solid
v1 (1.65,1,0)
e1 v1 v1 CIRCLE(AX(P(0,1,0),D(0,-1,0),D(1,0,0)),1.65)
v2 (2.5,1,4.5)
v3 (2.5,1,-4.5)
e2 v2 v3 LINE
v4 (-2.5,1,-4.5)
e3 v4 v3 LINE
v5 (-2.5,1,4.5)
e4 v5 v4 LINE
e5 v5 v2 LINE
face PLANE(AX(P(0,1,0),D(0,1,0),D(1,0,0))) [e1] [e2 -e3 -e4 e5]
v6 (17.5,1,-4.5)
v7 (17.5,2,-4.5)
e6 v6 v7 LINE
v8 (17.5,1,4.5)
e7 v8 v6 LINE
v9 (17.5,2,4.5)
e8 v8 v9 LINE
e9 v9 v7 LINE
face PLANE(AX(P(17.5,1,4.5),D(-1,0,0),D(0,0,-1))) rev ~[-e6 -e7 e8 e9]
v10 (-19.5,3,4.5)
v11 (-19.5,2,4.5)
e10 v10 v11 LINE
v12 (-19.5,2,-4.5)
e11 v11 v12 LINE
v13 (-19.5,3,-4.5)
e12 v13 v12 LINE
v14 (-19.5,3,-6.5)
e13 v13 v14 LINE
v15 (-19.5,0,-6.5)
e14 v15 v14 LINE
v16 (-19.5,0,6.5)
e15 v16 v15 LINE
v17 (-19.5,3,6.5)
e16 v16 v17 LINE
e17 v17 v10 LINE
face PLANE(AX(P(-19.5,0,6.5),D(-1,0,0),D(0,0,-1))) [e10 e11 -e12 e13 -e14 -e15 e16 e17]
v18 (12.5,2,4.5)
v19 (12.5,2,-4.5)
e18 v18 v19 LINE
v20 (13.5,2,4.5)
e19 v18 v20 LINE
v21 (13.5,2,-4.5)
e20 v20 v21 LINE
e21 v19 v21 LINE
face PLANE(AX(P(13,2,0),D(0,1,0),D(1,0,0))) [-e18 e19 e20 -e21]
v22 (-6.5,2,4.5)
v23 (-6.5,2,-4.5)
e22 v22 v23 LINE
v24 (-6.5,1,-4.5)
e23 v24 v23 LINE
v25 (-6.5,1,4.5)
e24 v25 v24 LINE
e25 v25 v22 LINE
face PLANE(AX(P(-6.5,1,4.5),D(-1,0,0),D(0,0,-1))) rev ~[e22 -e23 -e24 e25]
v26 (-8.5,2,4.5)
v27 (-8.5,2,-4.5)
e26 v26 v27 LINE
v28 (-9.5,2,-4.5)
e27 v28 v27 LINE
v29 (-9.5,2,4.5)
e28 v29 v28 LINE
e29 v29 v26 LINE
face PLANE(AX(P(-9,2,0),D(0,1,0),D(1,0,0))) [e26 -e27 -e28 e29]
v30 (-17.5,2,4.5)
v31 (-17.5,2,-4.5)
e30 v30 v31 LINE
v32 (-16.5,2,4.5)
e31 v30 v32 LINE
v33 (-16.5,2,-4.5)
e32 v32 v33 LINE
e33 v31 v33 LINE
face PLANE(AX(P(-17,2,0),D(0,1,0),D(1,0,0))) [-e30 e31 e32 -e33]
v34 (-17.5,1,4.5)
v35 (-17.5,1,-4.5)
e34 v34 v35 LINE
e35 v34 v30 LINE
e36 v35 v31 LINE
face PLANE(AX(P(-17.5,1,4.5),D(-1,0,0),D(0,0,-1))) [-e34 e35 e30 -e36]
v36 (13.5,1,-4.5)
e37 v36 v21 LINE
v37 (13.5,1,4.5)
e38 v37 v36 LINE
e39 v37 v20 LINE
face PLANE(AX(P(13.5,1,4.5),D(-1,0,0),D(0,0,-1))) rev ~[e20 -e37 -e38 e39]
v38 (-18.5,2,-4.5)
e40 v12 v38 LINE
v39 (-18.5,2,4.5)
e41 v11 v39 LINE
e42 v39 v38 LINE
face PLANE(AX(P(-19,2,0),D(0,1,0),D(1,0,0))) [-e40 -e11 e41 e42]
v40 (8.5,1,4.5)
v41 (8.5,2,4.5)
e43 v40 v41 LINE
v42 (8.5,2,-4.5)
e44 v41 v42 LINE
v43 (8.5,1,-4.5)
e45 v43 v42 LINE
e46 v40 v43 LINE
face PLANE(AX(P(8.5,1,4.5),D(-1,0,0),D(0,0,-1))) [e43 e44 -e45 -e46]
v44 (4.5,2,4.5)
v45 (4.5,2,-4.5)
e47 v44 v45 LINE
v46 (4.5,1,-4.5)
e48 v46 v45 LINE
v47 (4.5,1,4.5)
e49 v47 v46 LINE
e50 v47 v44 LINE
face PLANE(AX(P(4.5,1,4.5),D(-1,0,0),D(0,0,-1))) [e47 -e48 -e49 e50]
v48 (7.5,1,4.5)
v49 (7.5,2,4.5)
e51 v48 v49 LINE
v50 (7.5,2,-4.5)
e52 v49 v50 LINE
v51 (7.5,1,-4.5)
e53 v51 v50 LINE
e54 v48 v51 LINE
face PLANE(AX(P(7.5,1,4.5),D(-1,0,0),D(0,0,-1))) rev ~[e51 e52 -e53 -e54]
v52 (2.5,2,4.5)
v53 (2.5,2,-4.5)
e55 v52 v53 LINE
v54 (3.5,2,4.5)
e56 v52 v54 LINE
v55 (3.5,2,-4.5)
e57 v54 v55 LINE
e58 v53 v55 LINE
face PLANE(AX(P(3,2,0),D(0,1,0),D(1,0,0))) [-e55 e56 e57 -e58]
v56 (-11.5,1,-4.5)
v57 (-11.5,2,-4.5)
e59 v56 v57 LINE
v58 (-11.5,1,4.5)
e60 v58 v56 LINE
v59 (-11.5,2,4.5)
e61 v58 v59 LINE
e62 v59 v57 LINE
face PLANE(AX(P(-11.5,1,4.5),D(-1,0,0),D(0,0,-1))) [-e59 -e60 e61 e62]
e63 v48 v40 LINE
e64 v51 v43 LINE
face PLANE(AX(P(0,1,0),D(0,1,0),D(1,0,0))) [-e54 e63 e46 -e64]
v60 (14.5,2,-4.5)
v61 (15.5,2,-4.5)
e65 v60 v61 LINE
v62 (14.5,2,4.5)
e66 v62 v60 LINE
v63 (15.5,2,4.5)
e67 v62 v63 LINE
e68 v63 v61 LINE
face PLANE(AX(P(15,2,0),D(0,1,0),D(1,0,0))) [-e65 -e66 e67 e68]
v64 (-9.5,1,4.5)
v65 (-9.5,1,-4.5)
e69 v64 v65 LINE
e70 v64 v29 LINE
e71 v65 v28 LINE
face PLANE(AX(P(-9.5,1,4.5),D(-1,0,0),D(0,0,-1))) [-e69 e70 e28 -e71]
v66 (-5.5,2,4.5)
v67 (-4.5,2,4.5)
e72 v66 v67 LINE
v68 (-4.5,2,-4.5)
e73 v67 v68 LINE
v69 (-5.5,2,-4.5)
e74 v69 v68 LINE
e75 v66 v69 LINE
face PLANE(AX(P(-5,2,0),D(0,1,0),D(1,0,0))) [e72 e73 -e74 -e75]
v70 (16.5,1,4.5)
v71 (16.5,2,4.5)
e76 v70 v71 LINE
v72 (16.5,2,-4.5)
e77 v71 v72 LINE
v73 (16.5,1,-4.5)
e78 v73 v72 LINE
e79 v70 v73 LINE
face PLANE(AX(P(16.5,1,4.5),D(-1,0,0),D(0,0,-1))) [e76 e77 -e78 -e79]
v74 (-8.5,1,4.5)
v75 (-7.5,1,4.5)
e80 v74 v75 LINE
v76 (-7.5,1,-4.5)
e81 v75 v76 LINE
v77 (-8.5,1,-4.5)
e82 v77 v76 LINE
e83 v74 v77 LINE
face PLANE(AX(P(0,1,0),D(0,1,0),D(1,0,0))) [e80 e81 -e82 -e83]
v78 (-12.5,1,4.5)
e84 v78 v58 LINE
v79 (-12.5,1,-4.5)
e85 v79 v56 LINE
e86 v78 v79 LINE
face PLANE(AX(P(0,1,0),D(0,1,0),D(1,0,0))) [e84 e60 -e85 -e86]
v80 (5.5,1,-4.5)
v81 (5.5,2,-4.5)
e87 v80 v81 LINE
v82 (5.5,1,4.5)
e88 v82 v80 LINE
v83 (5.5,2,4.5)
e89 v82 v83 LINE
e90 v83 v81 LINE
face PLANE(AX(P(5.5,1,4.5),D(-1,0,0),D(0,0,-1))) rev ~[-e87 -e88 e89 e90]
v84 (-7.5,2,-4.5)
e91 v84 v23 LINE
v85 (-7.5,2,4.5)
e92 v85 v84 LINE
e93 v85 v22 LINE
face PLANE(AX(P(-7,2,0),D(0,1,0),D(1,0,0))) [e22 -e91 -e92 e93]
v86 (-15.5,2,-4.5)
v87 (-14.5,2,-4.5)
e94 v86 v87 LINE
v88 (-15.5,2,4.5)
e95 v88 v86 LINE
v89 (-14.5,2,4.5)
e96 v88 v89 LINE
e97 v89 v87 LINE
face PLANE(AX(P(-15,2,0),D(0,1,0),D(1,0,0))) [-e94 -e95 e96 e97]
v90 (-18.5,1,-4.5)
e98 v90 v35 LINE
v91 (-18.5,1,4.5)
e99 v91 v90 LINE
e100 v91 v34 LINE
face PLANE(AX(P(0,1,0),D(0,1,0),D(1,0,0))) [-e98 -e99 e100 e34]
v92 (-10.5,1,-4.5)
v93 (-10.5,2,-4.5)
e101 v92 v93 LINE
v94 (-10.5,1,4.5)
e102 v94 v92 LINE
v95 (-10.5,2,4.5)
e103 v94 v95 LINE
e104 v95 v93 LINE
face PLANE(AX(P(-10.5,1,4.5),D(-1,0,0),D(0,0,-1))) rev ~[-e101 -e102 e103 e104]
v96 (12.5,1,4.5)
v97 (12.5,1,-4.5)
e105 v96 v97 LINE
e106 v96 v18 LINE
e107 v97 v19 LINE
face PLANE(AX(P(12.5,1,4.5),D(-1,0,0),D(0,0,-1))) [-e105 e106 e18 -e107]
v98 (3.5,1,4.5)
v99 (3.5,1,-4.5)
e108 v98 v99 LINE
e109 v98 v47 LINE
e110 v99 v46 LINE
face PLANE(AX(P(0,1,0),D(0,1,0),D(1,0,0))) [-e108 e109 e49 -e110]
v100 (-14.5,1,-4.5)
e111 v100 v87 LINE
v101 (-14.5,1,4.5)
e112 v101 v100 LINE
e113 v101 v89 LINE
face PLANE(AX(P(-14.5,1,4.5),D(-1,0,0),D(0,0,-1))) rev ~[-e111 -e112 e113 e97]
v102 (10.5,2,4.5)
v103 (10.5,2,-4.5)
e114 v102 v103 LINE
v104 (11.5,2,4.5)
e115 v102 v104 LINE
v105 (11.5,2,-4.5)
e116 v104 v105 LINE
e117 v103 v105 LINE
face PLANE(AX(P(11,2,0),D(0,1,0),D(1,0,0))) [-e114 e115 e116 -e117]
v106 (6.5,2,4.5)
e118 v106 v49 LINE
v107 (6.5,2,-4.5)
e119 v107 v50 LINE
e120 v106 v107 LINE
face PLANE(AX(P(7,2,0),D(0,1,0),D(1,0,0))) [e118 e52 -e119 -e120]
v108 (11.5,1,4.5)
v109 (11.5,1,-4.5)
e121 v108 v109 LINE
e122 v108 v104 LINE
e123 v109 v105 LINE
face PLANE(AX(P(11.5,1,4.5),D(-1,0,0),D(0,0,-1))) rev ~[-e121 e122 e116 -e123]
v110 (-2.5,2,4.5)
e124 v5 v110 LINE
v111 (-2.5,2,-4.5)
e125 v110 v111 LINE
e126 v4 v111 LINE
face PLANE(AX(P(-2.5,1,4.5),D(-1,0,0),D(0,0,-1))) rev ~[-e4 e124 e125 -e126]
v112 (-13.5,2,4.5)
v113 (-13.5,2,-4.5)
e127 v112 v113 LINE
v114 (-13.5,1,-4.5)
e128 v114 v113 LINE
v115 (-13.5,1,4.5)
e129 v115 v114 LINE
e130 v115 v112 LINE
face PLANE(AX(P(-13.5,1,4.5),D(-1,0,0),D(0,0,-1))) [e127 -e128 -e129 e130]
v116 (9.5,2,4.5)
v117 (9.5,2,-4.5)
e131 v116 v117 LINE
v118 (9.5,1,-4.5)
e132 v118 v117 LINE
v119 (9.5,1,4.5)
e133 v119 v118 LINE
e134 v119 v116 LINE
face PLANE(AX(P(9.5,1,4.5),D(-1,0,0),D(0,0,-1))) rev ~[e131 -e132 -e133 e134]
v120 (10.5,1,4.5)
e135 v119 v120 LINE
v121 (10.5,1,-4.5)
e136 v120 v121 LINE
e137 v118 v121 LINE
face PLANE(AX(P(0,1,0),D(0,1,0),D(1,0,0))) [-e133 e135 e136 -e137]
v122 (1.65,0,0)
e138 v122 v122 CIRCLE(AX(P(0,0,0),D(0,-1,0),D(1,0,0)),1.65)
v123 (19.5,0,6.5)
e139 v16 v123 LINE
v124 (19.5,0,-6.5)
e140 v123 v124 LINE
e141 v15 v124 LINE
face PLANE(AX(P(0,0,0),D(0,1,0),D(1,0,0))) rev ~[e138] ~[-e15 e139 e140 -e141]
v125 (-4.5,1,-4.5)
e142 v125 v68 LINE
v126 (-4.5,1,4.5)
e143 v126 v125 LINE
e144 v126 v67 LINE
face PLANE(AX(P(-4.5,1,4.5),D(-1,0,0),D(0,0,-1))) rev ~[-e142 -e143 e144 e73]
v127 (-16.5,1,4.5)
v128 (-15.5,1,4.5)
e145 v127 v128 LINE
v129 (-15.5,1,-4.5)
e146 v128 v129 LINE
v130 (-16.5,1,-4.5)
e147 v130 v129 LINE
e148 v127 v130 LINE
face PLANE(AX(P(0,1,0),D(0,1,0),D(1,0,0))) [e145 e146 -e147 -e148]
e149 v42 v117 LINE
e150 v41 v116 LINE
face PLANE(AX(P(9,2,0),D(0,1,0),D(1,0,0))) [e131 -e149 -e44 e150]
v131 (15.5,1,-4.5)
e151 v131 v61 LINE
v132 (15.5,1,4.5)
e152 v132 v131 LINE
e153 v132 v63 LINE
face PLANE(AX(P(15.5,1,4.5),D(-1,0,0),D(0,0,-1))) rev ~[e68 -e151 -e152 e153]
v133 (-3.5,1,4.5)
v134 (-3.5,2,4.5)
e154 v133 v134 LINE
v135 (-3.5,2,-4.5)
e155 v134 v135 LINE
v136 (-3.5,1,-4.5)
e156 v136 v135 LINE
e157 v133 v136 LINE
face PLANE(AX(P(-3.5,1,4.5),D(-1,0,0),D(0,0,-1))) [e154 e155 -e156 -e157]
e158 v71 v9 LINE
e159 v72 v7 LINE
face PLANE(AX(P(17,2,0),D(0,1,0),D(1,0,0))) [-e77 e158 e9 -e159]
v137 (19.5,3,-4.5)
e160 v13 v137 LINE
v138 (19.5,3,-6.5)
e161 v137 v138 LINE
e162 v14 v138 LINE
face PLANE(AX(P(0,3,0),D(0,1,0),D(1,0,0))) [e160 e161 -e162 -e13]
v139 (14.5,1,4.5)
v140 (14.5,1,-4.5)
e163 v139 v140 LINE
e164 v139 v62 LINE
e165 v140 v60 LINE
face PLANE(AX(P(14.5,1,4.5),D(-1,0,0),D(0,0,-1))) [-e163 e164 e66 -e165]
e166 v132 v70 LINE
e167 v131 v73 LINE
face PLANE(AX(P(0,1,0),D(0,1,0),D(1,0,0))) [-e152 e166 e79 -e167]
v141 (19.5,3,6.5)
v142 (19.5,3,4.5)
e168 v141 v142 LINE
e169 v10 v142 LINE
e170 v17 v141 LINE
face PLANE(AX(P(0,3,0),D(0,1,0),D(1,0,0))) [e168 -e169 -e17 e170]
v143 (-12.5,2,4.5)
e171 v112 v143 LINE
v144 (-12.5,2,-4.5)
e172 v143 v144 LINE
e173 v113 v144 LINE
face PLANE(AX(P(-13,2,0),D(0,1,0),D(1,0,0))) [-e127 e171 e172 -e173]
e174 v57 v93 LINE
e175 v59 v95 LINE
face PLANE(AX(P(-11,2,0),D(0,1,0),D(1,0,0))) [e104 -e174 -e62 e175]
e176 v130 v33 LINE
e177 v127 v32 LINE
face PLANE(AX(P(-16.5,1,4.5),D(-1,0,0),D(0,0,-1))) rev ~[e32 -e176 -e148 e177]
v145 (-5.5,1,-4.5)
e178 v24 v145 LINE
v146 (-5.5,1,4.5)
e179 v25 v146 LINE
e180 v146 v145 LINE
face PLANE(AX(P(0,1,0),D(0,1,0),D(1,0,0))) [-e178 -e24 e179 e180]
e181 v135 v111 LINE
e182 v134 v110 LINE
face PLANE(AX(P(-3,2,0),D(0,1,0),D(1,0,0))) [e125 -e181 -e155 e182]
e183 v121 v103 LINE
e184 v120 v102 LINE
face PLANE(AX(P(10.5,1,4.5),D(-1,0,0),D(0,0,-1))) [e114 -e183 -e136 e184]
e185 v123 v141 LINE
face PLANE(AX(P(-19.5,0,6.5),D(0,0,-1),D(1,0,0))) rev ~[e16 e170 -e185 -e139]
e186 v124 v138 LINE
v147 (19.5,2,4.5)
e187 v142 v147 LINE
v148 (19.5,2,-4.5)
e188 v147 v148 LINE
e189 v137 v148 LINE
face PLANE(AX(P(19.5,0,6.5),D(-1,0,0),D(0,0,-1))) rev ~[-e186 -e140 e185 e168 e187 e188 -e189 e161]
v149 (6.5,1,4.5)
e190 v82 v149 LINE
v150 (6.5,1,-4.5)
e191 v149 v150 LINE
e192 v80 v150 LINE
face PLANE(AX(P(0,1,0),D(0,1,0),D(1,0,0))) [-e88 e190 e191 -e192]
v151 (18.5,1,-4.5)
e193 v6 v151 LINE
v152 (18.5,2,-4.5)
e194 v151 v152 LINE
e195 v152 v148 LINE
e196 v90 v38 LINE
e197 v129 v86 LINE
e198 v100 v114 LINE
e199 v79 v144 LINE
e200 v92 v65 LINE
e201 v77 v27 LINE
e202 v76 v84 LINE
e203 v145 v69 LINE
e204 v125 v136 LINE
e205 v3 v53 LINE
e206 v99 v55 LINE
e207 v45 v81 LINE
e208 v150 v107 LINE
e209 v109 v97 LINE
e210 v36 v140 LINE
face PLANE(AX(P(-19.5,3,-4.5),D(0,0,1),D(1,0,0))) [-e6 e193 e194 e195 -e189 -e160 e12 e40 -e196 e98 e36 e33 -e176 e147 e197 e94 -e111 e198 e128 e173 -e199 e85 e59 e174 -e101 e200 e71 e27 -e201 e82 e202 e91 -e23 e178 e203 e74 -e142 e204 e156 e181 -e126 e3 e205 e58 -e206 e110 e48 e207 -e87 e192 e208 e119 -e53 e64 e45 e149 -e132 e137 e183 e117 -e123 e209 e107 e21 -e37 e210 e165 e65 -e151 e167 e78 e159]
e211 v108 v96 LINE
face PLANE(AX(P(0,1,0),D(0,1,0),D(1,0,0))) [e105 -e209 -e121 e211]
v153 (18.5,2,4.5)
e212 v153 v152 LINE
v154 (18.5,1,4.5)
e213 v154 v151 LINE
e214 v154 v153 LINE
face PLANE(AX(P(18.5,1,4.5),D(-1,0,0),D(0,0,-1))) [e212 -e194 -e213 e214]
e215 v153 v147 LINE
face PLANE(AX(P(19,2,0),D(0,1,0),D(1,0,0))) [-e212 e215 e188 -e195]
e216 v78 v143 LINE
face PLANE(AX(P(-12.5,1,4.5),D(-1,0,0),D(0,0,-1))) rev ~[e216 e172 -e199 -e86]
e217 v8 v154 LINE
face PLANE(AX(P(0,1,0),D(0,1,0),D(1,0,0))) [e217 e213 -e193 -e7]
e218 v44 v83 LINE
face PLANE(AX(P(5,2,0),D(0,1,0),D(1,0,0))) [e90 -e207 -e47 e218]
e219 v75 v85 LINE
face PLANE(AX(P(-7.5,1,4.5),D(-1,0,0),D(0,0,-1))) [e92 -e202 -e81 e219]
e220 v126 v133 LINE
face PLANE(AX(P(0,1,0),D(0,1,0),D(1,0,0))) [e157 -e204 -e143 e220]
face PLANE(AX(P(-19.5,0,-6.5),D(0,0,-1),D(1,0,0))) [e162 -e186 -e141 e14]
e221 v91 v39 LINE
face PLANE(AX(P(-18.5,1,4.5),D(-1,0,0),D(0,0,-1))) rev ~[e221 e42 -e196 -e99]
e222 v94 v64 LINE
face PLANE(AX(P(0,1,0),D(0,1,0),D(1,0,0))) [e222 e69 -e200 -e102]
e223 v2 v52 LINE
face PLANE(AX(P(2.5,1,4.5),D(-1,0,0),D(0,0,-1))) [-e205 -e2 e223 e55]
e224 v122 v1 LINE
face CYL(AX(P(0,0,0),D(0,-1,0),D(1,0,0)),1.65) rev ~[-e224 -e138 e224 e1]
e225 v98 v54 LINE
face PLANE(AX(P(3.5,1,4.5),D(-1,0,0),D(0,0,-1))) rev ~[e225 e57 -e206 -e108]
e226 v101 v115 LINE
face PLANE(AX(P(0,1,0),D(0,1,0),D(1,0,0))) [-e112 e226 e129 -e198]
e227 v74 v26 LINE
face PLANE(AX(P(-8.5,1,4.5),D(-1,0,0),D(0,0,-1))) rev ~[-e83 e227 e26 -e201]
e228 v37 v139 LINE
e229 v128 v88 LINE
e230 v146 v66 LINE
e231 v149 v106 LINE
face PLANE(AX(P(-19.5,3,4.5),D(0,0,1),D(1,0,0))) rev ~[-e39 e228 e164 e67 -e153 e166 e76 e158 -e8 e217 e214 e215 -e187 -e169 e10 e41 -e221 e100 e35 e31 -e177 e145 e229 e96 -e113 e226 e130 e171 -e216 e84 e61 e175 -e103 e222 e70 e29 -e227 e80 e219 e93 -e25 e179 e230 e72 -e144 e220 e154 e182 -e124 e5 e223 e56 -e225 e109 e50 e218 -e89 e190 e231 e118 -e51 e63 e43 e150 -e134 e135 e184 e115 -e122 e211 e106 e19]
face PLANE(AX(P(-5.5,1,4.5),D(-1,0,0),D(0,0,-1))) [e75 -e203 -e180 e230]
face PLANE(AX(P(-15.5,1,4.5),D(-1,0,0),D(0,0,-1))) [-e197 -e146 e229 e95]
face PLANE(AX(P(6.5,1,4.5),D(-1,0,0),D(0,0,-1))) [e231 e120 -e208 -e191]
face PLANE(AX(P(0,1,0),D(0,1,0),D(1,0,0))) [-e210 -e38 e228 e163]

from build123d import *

# Parameters (mm, degrees)
SKETCH1_W           = 39
SKETCH1_H           = 13
BOSS_EXTRUDE1_DEPTH = 3
SKETCH5_W           = 39
SKETCH5_H           = 9
CUT_EXTRUDE1_DEPTH  = 2
SKETCH2_W           = 1
SKETCH2_H           = 9
BOSS_EXTRUDE2_DEPTH = 1
SKETCH6_R           = 1.65
CUT_EXTRUDE2_DEPTH  = 4


with BuildPart() as part:
    # Sketch1 → Boss-Extrude1 (new body)
    with BuildSketch(Plane(origin=(0, 0, 0), x_dir=(1, 0, 0), z_dir=(0, 1, 0))):
        Rectangle(SKETCH1_W, SKETCH1_H)
    extrude(amount=BOSS_EXTRUDE1_DEPTH)

    # Sketch5 → Cut-Extrude1 (cut)
    with BuildSketch(Plane(origin=(0, 3, 0), x_dir=(1, 0, 0), z_dir=(0, 1, 0))):
        Rectangle(SKETCH5_W, SKETCH5_H)
    extrude(amount=-CUT_EXTRUDE1_DEPTH, mode=Mode.SUBTRACT)

    # Sketch2 → Boss-Extrude2 (add)
    with BuildSketch(Plane(origin=(0, 1, 0), x_dir=(1, 0, 0), z_dir=(0, 1, 0))):
        with Locations((7, 0)):
            Rectangle(SKETCH2_W, SKETCH2_H)
        with Locations((5, 0)):
            Rectangle(SKETCH2_W, SKETCH2_H)
        with Locations((9, 0)):
            Rectangle(SKETCH2_W, SKETCH2_H)
        with Locations((3, 0)):
            Rectangle(SKETCH2_W, SKETCH2_H)
        with Locations((11, 0)):
            Rectangle(SKETCH2_W, SKETCH2_H)
        with Locations((13, 0)):
            Rectangle(SKETCH2_W, SKETCH2_H)
        with Locations((15, 0)):
            Rectangle(SKETCH2_W, SKETCH2_H)
        with Locations((-3, 0)):
            Rectangle(SKETCH2_W, SKETCH2_H)
        with Locations((17, 0)):
            Rectangle(SKETCH2_W, SKETCH2_H)
        with Locations((-5, 0)):
            Rectangle(SKETCH2_W, SKETCH2_H)
        with Locations((19, 0)):
            Rectangle(SKETCH2_W, SKETCH2_H)
        with Locations((-7, 0)):
            Rectangle(SKETCH2_W, SKETCH2_H)
        with Locations((-9, 0)):
            Rectangle(SKETCH2_W, SKETCH2_H)
        with Locations((-11, 0)):
            Rectangle(SKETCH2_W, SKETCH2_H)
        with Locations((-13, 0)):
            Rectangle(SKETCH2_W, SKETCH2_H)
        with Locations((-15, 0)):
            Rectangle(SKETCH2_W, SKETCH2_H)
        with Locations((-17, 0)):
            Rectangle(SKETCH2_W, SKETCH2_H)
        with Locations((-19, 0)):
            Rectangle(SKETCH2_W, SKETCH2_H)
    extrude(amount=BOSS_EXTRUDE2_DEPTH)

    # Sketch6 → Cut-Extrude2 (cut, through all)
    with BuildSketch(Plane.XZ):
        Circle(SKETCH6_R)
    extrude(amount=-CUT_EXTRUDE2_DEPTH, mode=Mode.SUBTRACT)


solid = part.part
